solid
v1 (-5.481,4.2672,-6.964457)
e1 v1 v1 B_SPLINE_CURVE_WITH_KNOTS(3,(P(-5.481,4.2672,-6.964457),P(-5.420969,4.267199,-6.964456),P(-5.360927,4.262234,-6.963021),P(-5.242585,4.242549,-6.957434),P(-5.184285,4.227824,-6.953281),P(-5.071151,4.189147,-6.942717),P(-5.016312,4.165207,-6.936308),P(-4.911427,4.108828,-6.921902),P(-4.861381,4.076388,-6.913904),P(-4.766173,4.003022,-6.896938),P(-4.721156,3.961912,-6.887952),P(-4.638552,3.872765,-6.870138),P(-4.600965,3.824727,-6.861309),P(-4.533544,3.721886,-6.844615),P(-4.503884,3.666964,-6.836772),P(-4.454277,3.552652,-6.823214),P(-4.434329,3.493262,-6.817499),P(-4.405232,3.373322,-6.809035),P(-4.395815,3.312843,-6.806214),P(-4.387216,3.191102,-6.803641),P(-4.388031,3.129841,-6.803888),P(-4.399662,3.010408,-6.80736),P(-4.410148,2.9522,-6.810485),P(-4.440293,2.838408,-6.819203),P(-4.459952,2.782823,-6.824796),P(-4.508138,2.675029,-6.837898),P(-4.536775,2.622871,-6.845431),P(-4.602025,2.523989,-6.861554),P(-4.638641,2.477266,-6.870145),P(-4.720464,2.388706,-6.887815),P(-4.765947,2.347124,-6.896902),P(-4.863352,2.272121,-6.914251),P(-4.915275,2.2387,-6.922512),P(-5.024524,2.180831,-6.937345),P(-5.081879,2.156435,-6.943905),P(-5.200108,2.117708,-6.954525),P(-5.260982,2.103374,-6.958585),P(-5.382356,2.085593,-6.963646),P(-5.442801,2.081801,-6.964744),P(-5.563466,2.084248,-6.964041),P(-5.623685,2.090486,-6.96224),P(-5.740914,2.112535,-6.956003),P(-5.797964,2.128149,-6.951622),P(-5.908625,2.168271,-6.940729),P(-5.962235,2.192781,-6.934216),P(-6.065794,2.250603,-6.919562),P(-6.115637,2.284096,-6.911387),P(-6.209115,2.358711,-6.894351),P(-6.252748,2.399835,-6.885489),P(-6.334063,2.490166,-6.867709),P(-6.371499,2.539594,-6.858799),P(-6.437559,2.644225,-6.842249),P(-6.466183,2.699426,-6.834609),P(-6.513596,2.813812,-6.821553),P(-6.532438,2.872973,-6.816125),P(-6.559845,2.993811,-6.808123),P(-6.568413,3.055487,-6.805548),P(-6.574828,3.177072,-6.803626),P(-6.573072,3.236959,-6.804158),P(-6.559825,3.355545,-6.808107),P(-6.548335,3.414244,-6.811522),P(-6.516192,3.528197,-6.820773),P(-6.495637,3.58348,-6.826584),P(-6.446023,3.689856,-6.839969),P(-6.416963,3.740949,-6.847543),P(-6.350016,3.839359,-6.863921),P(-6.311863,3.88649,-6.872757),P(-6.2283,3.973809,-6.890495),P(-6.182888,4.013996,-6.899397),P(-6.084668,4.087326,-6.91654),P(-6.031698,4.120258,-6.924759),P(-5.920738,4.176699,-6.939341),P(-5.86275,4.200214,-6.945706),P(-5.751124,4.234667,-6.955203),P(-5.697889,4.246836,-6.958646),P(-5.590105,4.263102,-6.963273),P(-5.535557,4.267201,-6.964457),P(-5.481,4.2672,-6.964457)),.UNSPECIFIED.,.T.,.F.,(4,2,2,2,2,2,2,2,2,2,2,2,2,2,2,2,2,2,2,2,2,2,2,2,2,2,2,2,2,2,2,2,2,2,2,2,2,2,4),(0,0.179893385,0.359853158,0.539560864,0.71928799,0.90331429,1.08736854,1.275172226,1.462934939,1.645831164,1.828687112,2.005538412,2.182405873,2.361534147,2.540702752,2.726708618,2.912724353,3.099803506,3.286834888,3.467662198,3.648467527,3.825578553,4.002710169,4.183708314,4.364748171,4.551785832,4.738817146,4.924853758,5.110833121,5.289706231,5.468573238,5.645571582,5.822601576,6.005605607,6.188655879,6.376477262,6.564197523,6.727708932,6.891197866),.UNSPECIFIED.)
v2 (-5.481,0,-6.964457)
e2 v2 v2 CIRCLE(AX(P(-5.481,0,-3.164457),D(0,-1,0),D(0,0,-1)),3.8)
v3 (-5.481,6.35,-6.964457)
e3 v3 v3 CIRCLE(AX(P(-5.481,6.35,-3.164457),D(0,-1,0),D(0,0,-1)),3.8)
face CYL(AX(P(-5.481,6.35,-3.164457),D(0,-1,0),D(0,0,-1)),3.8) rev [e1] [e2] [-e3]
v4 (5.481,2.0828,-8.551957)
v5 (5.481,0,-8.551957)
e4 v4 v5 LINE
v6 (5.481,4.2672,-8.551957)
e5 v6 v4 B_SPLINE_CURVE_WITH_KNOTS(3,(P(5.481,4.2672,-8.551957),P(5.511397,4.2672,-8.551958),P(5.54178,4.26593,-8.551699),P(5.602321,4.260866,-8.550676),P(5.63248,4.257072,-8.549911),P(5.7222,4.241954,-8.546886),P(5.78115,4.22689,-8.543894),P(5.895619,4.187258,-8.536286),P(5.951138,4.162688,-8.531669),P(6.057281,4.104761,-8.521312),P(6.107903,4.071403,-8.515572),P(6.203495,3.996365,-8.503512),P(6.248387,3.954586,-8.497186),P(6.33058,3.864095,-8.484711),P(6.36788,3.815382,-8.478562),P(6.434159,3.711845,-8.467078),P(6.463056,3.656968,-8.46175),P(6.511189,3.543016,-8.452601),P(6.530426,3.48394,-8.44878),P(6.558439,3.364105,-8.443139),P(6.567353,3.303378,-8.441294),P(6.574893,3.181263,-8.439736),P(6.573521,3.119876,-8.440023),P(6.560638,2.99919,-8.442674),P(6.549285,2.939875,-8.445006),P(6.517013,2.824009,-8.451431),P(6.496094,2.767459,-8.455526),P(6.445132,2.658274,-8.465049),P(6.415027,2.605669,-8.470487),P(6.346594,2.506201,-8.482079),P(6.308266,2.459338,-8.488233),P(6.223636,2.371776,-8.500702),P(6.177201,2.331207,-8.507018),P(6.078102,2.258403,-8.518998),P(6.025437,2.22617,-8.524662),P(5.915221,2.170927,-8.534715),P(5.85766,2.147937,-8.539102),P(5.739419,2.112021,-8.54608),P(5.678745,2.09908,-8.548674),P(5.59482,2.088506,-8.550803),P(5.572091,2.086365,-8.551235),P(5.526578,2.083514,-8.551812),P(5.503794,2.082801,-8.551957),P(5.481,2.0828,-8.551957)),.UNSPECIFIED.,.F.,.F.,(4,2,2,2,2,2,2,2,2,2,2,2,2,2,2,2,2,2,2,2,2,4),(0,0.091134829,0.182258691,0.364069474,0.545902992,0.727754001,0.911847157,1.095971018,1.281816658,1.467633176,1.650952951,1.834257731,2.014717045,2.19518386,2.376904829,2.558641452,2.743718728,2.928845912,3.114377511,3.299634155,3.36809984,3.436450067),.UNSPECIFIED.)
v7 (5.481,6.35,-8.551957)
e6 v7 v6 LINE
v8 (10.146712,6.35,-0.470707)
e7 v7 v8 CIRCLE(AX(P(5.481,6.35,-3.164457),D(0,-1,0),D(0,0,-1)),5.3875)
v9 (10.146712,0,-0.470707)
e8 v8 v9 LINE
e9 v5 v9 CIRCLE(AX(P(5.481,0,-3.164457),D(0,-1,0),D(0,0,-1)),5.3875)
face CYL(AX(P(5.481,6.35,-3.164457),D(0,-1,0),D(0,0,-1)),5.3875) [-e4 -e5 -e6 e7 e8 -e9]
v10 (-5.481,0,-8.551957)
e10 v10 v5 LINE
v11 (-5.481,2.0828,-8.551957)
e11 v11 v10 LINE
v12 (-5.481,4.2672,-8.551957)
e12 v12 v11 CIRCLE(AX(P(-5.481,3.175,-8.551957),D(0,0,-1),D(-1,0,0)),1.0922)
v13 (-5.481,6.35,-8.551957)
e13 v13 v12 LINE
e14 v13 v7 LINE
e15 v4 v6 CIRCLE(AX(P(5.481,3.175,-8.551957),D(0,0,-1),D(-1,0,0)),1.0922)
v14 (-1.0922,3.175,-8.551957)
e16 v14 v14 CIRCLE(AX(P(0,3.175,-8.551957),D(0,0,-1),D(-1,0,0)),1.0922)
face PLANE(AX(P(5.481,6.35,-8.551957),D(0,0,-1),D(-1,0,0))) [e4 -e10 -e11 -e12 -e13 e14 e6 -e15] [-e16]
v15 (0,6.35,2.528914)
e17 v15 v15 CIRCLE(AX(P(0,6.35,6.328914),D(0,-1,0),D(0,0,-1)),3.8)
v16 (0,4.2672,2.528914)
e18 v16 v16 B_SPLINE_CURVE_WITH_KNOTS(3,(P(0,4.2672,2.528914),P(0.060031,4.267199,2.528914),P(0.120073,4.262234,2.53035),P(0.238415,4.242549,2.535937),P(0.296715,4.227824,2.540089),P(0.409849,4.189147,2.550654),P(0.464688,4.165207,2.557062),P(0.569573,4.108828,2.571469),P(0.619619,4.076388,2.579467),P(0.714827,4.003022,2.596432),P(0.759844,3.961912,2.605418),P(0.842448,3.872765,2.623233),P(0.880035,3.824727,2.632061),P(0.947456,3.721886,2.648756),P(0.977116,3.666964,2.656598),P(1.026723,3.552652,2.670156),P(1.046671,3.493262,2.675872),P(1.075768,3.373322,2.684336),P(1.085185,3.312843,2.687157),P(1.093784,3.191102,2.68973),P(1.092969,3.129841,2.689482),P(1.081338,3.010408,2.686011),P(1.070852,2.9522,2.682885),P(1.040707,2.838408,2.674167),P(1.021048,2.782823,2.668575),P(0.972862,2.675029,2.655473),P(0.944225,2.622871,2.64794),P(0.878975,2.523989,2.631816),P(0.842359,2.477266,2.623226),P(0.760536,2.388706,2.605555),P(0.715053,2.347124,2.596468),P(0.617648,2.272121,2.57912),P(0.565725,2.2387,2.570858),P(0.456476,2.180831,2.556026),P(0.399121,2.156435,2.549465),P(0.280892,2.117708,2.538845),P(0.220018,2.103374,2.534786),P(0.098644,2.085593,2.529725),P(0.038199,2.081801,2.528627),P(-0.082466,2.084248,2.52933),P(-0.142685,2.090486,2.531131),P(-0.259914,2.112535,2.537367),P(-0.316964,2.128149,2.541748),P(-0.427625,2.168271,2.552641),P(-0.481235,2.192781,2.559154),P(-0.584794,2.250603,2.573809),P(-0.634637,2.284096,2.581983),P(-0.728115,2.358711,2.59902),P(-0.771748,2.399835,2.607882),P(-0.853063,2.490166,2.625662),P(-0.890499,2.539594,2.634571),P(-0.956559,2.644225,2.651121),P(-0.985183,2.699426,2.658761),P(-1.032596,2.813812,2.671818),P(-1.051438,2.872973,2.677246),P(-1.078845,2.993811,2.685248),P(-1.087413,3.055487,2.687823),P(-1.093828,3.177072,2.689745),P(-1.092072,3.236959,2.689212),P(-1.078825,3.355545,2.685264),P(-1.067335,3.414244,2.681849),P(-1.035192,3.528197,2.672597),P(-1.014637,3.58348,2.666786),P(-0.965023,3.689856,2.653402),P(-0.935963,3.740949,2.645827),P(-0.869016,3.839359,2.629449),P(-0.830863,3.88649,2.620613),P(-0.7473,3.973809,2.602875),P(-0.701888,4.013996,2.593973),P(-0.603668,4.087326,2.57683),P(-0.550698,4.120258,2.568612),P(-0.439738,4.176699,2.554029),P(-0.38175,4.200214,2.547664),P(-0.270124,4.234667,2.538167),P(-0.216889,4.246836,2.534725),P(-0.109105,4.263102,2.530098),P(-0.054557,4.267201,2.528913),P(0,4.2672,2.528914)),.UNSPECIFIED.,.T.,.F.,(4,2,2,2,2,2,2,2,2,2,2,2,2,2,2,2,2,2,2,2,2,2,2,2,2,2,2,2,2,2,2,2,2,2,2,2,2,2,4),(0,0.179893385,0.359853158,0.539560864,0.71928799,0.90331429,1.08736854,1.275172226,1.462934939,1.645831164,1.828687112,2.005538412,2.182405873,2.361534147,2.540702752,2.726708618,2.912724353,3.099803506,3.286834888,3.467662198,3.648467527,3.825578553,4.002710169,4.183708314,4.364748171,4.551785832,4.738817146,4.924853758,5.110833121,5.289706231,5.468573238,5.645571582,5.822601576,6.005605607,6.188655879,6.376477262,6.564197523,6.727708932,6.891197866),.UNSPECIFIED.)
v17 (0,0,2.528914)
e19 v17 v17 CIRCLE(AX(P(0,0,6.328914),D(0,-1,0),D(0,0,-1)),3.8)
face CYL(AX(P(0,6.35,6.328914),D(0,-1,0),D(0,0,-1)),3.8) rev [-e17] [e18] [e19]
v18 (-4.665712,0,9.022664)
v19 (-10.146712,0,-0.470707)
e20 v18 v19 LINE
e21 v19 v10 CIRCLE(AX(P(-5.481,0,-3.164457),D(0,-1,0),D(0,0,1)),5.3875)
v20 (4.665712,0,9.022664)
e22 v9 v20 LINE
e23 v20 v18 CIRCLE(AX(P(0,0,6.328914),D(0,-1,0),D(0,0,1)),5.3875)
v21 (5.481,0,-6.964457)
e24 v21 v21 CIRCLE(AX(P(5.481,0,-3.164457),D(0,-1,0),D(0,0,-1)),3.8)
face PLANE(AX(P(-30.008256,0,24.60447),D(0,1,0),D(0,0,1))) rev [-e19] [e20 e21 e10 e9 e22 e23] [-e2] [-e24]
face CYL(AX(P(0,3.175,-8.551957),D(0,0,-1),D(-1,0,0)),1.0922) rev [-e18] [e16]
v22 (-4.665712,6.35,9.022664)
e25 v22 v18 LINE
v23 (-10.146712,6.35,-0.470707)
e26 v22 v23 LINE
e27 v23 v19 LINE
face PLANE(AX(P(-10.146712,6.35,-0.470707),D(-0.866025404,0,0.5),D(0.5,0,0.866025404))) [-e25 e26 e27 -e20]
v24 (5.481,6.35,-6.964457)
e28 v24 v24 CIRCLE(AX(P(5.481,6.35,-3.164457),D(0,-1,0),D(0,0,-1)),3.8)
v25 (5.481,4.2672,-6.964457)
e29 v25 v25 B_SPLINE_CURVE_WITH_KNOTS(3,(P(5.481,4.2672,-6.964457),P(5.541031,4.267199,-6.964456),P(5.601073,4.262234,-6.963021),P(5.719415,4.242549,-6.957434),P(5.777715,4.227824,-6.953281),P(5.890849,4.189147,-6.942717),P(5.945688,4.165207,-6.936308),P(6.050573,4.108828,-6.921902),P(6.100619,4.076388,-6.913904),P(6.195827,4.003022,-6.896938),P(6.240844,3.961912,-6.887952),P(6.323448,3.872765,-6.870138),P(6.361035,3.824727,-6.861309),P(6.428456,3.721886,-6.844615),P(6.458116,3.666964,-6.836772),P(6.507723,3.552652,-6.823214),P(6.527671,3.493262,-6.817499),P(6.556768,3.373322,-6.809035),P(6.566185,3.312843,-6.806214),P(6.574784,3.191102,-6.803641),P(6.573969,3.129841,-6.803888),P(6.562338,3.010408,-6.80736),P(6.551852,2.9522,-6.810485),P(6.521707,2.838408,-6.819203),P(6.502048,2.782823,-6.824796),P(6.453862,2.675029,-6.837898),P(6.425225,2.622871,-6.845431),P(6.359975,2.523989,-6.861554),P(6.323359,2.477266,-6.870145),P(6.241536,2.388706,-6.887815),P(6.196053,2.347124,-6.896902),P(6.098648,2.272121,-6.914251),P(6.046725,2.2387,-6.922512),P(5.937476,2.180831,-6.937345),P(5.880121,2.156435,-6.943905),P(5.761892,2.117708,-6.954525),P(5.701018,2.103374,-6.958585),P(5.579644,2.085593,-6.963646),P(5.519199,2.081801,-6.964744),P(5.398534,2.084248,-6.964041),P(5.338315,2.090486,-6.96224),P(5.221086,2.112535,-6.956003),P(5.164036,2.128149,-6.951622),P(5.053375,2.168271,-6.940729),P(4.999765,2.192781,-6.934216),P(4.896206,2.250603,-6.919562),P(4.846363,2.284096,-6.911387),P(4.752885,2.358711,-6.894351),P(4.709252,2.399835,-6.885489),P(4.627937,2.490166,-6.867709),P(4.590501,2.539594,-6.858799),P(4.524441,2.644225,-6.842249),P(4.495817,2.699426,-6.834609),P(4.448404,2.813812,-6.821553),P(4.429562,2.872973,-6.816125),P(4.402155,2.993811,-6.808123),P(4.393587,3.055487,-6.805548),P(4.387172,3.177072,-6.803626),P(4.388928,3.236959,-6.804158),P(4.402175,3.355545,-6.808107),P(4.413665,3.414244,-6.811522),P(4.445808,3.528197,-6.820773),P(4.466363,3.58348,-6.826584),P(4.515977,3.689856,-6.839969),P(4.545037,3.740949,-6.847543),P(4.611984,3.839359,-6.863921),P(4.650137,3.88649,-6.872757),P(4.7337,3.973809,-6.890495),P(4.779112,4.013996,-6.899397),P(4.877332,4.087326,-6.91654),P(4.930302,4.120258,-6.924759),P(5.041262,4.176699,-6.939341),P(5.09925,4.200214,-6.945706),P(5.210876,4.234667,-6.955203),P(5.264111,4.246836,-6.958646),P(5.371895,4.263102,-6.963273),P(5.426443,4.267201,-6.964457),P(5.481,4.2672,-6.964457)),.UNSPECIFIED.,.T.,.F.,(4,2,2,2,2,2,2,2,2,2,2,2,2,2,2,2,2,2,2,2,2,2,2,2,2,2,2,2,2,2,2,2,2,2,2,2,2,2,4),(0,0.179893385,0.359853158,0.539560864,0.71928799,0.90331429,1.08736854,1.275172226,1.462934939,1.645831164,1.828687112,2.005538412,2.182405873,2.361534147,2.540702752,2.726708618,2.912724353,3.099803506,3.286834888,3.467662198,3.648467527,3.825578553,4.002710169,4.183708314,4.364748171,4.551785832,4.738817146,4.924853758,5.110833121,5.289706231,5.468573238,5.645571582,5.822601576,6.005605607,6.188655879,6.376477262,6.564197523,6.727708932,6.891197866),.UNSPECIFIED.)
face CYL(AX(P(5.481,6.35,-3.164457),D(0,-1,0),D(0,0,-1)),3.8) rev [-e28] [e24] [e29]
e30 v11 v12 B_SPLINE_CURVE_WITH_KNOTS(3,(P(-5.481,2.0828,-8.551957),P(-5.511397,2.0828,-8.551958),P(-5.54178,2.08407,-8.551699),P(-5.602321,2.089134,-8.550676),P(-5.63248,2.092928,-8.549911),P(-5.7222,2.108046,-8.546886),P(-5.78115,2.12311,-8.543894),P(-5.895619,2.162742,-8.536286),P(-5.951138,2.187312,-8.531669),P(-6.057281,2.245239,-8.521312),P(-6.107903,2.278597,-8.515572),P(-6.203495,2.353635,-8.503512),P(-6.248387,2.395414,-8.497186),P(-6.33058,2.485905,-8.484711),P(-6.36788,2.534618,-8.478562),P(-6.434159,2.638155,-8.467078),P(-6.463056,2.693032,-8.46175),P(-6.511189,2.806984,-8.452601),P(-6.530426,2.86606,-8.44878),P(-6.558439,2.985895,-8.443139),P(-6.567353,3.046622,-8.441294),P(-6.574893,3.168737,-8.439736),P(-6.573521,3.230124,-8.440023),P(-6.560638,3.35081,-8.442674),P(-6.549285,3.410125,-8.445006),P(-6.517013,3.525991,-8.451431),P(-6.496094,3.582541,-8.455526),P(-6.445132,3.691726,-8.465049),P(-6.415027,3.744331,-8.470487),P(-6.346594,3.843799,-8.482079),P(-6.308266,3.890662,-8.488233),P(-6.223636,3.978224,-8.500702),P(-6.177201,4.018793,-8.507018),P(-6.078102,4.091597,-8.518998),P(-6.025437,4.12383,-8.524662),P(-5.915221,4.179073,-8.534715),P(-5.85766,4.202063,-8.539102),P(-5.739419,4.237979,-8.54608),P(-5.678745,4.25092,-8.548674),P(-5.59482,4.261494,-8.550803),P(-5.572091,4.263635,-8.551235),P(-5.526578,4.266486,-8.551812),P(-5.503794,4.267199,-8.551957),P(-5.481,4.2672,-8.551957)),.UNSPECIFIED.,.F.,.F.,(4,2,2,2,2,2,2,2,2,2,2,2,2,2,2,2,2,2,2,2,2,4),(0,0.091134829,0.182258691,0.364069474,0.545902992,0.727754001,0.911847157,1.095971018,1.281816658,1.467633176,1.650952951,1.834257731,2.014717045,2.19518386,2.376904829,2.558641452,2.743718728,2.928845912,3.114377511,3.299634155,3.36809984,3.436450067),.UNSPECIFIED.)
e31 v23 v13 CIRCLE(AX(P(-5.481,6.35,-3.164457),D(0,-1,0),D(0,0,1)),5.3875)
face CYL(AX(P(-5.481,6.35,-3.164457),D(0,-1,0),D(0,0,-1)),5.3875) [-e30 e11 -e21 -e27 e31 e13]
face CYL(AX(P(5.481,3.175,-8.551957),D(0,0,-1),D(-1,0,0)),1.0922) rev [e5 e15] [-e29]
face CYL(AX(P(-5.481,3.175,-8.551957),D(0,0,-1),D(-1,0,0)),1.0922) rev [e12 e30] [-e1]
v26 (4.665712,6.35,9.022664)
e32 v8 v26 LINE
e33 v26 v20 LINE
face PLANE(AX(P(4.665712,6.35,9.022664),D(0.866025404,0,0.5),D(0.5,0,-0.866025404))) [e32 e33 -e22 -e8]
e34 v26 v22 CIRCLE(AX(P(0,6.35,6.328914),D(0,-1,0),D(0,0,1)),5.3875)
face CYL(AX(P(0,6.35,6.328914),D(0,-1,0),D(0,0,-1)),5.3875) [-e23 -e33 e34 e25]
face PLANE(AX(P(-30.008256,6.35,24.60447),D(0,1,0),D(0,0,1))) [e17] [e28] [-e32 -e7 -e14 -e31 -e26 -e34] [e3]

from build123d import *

# Parameters (mm, degrees)
SKETCH1_W                       = 63.925633075
SKETCH1_H                       = 55.87744186
EXTRUDE1_DEPTH                  = 6.35
SKETCH2_OUTSIDE_W               = 82.953
SKETCH2_OUTSIDE_H               = 74.905
SKETCH2_OUTSIDE_R               = 3.8
CUT_EXTRUDE1_DEPTH              = 6.35
F_2_56_TAPPED_HOLE1_D           = 1.778
F_2_56_TAPPED_HOLE1_DEPTH       = 5.588
F_2_56_TAPPED_HOLE1_CBORE_D     = 2.1844
F_2_56_TAPPED_HOLE1_CBORE_DEPTH = 4.318
F_2_56_TAPPED_HOLE1_TIP         = 0.53416509
F_2_56_TAPPED_HOLE2_D           = 1.778
F_2_56_TAPPED_HOLE2_DEPTH       = 13.208
F_2_56_TAPPED_HOLE2_CBORE_D     = 2.1844
F_2_56_TAPPED_HOLE2_CBORE_DEPTH = 11.938
F_2_56_TAPPED_HOLE2_TIP         = 0.53416509


with BuildPart() as part:
    # Sketch1 → Extrude1 (new body)
    with BuildSketch(Plane(origin=(0, 0, 0), x_dir=(1, 0, 0), z_dir=(0, 1, 0))):
        with Locations((1.954560723, 3.334250646)):
            Rectangle(SKETCH1_W, SKETCH1_H)
    extrude(amount=EXTRUDE1_DEPTH)

    # Sketch2 outside → Cut-Extrude1 (cut)
    with BuildSketch(Plane.XZ):
        with Locations((1.9545, -3.3345)):
            Rectangle(SKETCH2_OUTSIDE_W, SKETCH2_OUTSIDE_H)
        with BuildLine():
            Line((-10.146711863, -0.470706825), (-4.665711863, 9.022663651))
            ThreePointArc((-4.665711863, 9.022663651), (0, 11.716413651), (4.665711863, 9.022663651))
            Line((4.665711863, 9.022663651), (10.146711863, -0.470706825))
            ThreePointArc((10.146711863, -0.470706825), (10.146711863, -5.858206825), (5.481, -8.551956825))
            Line((5.481, -8.551956825), (-5.481, -8.551956825))
            ThreePointArc((-5.481, -8.551956825), (-10.146711863, -5.858206825), (-10.146711863, -0.470706825))
        make_face(mode=Mode.SUBTRACT)
        with Locations((0, 6.328913651)):
            Circle(SKETCH2_OUTSIDE_R)
        with Locations((5.481, -3.164456825)):
            Circle(SKETCH2_OUTSIDE_R)
        with Locations((-5.481, -3.164456825)):
            Circle(SKETCH2_OUTSIDE_R)
    extrude(amount=-CUT_EXTRUDE1_DEPTH, mode=Mode.SUBTRACT)

    # #2-56 Tapped Hole1
    with Locations(Plane(origin=(5.481, 3.175, -8.551956825), x_dir=(-1, 0, 0), z_dir=(0, 0, -1))):
        with Locations((0, 0), (10.962, 0)):
            CounterBoreHole(F_2_56_TAPPED_HOLE1_D / 2, F_2_56_TAPPED_HOLE1_CBORE_D / 2, F_2_56_TAPPED_HOLE1_CBORE_DEPTH, depth=F_2_56_TAPPED_HOLE1_DEPTH)
            with Locations((0, 0, -(F_2_56_TAPPED_HOLE1_DEPTH + F_2_56_TAPPED_HOLE1_TIP / 2))):  # 118° drill point
                Cone(0, F_2_56_TAPPED_HOLE1_D / 2, F_2_56_TAPPED_HOLE1_TIP, mode=Mode.SUBTRACT)

    # #2-56 Tapped Hole2
    with Locations(Plane(origin=(0, 3.175, -8.551956825), x_dir=(-1, 0, 0), z_dir=(0, 0, -1))):
        with Locations((0, 0)):
            CounterBoreHole(F_2_56_TAPPED_HOLE2_D / 2, F_2_56_TAPPED_HOLE2_CBORE_D / 2, F_2_56_TAPPED_HOLE2_CBORE_DEPTH, depth=F_2_56_TAPPED_HOLE2_DEPTH)
            with Locations((0, 0, -(F_2_56_TAPPED_HOLE2_DEPTH + F_2_56_TAPPED_HOLE2_TIP / 2))):  # 118° drill point
                Cone(0, F_2_56_TAPPED_HOLE2_D / 2, F_2_56_TAPPED_HOLE2_TIP, mode=Mode.SUBTRACT)


solid = part.part
